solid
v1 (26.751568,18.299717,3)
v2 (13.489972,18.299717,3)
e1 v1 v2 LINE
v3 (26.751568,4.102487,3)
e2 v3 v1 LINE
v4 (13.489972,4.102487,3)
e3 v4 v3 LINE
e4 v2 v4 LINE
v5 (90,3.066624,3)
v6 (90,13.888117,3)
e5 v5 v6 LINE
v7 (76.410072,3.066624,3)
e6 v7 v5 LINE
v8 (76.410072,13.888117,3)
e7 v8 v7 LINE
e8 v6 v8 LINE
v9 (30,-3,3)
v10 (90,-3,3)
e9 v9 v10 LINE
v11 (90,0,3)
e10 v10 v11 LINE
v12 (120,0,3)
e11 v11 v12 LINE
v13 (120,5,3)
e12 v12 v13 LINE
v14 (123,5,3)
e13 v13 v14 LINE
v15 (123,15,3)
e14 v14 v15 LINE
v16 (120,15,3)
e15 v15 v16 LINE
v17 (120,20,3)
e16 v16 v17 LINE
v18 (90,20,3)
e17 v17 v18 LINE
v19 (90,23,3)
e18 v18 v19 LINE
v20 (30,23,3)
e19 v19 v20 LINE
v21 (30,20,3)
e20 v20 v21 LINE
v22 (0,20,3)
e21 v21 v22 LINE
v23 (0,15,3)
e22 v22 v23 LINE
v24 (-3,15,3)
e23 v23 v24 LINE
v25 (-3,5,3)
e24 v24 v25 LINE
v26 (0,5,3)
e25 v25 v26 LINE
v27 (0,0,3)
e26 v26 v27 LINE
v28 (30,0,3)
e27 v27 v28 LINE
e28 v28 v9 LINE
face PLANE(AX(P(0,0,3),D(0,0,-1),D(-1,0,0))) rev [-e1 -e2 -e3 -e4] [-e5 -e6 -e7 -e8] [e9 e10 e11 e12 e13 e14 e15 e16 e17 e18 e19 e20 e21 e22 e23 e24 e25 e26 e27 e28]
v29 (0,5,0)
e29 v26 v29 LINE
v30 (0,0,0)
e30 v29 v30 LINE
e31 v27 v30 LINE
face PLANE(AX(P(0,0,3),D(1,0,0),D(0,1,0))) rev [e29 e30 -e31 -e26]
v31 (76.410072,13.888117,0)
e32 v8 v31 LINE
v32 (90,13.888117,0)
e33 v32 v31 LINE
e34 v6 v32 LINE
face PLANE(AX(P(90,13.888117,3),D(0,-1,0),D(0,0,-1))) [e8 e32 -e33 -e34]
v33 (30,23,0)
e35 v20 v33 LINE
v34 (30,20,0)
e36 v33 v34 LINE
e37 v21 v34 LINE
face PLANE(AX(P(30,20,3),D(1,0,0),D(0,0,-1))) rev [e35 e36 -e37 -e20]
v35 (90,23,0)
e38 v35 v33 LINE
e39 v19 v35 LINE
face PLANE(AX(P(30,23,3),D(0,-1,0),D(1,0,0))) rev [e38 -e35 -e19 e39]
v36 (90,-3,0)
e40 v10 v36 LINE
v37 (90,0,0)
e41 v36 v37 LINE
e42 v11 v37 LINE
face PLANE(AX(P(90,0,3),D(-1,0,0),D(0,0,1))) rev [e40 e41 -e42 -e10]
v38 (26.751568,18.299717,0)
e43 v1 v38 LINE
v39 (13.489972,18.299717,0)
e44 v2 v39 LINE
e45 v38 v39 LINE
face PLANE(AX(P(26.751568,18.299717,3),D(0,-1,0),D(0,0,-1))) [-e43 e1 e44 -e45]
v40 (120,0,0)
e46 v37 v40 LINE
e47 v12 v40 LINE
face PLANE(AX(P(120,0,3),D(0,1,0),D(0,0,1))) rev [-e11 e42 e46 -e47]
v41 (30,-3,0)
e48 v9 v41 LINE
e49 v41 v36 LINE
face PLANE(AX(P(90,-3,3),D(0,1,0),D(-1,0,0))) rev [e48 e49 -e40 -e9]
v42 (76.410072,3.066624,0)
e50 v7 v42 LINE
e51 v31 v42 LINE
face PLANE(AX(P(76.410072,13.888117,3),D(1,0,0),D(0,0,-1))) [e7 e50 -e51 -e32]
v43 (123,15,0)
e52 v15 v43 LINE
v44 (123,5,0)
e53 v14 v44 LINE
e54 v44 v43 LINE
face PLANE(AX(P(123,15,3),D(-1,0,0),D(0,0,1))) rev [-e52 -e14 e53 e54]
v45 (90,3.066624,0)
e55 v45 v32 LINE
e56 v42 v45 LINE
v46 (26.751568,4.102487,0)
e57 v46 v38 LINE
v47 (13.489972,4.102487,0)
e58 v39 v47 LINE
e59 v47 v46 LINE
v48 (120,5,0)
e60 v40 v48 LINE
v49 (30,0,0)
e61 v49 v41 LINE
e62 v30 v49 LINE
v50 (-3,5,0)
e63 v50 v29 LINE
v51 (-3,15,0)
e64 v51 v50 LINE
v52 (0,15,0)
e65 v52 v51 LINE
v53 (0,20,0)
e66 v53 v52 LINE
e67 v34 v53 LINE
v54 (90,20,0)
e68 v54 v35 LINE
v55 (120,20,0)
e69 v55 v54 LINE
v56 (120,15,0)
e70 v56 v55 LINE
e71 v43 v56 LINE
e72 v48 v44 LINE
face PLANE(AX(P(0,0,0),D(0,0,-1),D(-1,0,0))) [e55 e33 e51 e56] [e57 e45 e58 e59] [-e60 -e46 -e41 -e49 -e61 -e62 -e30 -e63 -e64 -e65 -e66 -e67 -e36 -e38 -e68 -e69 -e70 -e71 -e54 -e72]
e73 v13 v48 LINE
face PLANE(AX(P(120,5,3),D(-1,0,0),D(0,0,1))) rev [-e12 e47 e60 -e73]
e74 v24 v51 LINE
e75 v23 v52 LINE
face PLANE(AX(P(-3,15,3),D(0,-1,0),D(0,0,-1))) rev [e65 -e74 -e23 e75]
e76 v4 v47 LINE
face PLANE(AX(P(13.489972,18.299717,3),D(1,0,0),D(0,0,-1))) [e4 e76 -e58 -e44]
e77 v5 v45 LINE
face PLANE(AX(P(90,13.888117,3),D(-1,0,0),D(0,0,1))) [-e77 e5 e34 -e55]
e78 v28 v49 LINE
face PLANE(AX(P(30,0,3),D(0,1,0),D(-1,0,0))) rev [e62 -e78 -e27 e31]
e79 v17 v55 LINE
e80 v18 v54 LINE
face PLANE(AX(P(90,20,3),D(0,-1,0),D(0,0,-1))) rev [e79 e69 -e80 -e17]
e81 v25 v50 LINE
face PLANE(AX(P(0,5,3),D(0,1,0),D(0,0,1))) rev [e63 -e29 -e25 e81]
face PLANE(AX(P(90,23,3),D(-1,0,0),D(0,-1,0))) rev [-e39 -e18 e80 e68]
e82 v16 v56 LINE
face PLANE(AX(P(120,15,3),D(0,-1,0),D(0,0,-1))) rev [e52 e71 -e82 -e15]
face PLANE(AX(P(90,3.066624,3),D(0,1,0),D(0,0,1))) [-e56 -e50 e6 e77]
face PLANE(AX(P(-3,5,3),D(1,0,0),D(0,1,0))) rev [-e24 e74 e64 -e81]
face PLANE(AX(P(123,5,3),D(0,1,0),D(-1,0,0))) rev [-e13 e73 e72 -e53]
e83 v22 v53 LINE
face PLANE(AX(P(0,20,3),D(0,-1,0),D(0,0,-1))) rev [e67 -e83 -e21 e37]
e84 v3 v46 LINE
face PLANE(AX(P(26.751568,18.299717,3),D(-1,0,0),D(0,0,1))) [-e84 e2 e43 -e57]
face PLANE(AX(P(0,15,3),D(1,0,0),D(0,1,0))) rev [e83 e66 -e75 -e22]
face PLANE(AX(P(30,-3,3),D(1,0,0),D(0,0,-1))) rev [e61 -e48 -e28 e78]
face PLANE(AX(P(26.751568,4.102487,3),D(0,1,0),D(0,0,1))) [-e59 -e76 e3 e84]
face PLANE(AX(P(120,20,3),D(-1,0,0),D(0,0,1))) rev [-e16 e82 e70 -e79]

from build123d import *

# Parameters (mm, degrees)
SKETCH1_W           = 13.261595532
SKETCH1_H           = 14.197229573
SKETCH1_W_2         = 13.589928323
SKETCH1_H_2         = 10.821492273
BOSS_EXTRUDE1_DEPTH = 3


with BuildPart() as part:
    # Sketch1 → Boss-Extrude1 (new body)
    with BuildSketch(Plane.XY):
        Polygon((0, 0), (0, 5), (-3, 5), (-3, 15), (0, 15), (0, 20), (30, 20), (30, 23), (90, 23), (90, 20), (120, 20), (120, 15), (123, 15), (123, 5), (120, 5), (120, 0), (90, 0), (90, -3), (30, -3), (30, 0), align=None)
        with Locations((20.120769768, 11.201101938)):
            Rectangle(SKETCH1_W, SKETCH1_H, mode=Mode.SUBTRACT)
        with Locations((83.205035839, 8.477370375)):
            Rectangle(SKETCH1_W_2, SKETCH1_H_2, mode=Mode.SUBTRACT)
    extrude(amount=BOSS_EXTRUDE1_DEPTH)


solid = part.part
